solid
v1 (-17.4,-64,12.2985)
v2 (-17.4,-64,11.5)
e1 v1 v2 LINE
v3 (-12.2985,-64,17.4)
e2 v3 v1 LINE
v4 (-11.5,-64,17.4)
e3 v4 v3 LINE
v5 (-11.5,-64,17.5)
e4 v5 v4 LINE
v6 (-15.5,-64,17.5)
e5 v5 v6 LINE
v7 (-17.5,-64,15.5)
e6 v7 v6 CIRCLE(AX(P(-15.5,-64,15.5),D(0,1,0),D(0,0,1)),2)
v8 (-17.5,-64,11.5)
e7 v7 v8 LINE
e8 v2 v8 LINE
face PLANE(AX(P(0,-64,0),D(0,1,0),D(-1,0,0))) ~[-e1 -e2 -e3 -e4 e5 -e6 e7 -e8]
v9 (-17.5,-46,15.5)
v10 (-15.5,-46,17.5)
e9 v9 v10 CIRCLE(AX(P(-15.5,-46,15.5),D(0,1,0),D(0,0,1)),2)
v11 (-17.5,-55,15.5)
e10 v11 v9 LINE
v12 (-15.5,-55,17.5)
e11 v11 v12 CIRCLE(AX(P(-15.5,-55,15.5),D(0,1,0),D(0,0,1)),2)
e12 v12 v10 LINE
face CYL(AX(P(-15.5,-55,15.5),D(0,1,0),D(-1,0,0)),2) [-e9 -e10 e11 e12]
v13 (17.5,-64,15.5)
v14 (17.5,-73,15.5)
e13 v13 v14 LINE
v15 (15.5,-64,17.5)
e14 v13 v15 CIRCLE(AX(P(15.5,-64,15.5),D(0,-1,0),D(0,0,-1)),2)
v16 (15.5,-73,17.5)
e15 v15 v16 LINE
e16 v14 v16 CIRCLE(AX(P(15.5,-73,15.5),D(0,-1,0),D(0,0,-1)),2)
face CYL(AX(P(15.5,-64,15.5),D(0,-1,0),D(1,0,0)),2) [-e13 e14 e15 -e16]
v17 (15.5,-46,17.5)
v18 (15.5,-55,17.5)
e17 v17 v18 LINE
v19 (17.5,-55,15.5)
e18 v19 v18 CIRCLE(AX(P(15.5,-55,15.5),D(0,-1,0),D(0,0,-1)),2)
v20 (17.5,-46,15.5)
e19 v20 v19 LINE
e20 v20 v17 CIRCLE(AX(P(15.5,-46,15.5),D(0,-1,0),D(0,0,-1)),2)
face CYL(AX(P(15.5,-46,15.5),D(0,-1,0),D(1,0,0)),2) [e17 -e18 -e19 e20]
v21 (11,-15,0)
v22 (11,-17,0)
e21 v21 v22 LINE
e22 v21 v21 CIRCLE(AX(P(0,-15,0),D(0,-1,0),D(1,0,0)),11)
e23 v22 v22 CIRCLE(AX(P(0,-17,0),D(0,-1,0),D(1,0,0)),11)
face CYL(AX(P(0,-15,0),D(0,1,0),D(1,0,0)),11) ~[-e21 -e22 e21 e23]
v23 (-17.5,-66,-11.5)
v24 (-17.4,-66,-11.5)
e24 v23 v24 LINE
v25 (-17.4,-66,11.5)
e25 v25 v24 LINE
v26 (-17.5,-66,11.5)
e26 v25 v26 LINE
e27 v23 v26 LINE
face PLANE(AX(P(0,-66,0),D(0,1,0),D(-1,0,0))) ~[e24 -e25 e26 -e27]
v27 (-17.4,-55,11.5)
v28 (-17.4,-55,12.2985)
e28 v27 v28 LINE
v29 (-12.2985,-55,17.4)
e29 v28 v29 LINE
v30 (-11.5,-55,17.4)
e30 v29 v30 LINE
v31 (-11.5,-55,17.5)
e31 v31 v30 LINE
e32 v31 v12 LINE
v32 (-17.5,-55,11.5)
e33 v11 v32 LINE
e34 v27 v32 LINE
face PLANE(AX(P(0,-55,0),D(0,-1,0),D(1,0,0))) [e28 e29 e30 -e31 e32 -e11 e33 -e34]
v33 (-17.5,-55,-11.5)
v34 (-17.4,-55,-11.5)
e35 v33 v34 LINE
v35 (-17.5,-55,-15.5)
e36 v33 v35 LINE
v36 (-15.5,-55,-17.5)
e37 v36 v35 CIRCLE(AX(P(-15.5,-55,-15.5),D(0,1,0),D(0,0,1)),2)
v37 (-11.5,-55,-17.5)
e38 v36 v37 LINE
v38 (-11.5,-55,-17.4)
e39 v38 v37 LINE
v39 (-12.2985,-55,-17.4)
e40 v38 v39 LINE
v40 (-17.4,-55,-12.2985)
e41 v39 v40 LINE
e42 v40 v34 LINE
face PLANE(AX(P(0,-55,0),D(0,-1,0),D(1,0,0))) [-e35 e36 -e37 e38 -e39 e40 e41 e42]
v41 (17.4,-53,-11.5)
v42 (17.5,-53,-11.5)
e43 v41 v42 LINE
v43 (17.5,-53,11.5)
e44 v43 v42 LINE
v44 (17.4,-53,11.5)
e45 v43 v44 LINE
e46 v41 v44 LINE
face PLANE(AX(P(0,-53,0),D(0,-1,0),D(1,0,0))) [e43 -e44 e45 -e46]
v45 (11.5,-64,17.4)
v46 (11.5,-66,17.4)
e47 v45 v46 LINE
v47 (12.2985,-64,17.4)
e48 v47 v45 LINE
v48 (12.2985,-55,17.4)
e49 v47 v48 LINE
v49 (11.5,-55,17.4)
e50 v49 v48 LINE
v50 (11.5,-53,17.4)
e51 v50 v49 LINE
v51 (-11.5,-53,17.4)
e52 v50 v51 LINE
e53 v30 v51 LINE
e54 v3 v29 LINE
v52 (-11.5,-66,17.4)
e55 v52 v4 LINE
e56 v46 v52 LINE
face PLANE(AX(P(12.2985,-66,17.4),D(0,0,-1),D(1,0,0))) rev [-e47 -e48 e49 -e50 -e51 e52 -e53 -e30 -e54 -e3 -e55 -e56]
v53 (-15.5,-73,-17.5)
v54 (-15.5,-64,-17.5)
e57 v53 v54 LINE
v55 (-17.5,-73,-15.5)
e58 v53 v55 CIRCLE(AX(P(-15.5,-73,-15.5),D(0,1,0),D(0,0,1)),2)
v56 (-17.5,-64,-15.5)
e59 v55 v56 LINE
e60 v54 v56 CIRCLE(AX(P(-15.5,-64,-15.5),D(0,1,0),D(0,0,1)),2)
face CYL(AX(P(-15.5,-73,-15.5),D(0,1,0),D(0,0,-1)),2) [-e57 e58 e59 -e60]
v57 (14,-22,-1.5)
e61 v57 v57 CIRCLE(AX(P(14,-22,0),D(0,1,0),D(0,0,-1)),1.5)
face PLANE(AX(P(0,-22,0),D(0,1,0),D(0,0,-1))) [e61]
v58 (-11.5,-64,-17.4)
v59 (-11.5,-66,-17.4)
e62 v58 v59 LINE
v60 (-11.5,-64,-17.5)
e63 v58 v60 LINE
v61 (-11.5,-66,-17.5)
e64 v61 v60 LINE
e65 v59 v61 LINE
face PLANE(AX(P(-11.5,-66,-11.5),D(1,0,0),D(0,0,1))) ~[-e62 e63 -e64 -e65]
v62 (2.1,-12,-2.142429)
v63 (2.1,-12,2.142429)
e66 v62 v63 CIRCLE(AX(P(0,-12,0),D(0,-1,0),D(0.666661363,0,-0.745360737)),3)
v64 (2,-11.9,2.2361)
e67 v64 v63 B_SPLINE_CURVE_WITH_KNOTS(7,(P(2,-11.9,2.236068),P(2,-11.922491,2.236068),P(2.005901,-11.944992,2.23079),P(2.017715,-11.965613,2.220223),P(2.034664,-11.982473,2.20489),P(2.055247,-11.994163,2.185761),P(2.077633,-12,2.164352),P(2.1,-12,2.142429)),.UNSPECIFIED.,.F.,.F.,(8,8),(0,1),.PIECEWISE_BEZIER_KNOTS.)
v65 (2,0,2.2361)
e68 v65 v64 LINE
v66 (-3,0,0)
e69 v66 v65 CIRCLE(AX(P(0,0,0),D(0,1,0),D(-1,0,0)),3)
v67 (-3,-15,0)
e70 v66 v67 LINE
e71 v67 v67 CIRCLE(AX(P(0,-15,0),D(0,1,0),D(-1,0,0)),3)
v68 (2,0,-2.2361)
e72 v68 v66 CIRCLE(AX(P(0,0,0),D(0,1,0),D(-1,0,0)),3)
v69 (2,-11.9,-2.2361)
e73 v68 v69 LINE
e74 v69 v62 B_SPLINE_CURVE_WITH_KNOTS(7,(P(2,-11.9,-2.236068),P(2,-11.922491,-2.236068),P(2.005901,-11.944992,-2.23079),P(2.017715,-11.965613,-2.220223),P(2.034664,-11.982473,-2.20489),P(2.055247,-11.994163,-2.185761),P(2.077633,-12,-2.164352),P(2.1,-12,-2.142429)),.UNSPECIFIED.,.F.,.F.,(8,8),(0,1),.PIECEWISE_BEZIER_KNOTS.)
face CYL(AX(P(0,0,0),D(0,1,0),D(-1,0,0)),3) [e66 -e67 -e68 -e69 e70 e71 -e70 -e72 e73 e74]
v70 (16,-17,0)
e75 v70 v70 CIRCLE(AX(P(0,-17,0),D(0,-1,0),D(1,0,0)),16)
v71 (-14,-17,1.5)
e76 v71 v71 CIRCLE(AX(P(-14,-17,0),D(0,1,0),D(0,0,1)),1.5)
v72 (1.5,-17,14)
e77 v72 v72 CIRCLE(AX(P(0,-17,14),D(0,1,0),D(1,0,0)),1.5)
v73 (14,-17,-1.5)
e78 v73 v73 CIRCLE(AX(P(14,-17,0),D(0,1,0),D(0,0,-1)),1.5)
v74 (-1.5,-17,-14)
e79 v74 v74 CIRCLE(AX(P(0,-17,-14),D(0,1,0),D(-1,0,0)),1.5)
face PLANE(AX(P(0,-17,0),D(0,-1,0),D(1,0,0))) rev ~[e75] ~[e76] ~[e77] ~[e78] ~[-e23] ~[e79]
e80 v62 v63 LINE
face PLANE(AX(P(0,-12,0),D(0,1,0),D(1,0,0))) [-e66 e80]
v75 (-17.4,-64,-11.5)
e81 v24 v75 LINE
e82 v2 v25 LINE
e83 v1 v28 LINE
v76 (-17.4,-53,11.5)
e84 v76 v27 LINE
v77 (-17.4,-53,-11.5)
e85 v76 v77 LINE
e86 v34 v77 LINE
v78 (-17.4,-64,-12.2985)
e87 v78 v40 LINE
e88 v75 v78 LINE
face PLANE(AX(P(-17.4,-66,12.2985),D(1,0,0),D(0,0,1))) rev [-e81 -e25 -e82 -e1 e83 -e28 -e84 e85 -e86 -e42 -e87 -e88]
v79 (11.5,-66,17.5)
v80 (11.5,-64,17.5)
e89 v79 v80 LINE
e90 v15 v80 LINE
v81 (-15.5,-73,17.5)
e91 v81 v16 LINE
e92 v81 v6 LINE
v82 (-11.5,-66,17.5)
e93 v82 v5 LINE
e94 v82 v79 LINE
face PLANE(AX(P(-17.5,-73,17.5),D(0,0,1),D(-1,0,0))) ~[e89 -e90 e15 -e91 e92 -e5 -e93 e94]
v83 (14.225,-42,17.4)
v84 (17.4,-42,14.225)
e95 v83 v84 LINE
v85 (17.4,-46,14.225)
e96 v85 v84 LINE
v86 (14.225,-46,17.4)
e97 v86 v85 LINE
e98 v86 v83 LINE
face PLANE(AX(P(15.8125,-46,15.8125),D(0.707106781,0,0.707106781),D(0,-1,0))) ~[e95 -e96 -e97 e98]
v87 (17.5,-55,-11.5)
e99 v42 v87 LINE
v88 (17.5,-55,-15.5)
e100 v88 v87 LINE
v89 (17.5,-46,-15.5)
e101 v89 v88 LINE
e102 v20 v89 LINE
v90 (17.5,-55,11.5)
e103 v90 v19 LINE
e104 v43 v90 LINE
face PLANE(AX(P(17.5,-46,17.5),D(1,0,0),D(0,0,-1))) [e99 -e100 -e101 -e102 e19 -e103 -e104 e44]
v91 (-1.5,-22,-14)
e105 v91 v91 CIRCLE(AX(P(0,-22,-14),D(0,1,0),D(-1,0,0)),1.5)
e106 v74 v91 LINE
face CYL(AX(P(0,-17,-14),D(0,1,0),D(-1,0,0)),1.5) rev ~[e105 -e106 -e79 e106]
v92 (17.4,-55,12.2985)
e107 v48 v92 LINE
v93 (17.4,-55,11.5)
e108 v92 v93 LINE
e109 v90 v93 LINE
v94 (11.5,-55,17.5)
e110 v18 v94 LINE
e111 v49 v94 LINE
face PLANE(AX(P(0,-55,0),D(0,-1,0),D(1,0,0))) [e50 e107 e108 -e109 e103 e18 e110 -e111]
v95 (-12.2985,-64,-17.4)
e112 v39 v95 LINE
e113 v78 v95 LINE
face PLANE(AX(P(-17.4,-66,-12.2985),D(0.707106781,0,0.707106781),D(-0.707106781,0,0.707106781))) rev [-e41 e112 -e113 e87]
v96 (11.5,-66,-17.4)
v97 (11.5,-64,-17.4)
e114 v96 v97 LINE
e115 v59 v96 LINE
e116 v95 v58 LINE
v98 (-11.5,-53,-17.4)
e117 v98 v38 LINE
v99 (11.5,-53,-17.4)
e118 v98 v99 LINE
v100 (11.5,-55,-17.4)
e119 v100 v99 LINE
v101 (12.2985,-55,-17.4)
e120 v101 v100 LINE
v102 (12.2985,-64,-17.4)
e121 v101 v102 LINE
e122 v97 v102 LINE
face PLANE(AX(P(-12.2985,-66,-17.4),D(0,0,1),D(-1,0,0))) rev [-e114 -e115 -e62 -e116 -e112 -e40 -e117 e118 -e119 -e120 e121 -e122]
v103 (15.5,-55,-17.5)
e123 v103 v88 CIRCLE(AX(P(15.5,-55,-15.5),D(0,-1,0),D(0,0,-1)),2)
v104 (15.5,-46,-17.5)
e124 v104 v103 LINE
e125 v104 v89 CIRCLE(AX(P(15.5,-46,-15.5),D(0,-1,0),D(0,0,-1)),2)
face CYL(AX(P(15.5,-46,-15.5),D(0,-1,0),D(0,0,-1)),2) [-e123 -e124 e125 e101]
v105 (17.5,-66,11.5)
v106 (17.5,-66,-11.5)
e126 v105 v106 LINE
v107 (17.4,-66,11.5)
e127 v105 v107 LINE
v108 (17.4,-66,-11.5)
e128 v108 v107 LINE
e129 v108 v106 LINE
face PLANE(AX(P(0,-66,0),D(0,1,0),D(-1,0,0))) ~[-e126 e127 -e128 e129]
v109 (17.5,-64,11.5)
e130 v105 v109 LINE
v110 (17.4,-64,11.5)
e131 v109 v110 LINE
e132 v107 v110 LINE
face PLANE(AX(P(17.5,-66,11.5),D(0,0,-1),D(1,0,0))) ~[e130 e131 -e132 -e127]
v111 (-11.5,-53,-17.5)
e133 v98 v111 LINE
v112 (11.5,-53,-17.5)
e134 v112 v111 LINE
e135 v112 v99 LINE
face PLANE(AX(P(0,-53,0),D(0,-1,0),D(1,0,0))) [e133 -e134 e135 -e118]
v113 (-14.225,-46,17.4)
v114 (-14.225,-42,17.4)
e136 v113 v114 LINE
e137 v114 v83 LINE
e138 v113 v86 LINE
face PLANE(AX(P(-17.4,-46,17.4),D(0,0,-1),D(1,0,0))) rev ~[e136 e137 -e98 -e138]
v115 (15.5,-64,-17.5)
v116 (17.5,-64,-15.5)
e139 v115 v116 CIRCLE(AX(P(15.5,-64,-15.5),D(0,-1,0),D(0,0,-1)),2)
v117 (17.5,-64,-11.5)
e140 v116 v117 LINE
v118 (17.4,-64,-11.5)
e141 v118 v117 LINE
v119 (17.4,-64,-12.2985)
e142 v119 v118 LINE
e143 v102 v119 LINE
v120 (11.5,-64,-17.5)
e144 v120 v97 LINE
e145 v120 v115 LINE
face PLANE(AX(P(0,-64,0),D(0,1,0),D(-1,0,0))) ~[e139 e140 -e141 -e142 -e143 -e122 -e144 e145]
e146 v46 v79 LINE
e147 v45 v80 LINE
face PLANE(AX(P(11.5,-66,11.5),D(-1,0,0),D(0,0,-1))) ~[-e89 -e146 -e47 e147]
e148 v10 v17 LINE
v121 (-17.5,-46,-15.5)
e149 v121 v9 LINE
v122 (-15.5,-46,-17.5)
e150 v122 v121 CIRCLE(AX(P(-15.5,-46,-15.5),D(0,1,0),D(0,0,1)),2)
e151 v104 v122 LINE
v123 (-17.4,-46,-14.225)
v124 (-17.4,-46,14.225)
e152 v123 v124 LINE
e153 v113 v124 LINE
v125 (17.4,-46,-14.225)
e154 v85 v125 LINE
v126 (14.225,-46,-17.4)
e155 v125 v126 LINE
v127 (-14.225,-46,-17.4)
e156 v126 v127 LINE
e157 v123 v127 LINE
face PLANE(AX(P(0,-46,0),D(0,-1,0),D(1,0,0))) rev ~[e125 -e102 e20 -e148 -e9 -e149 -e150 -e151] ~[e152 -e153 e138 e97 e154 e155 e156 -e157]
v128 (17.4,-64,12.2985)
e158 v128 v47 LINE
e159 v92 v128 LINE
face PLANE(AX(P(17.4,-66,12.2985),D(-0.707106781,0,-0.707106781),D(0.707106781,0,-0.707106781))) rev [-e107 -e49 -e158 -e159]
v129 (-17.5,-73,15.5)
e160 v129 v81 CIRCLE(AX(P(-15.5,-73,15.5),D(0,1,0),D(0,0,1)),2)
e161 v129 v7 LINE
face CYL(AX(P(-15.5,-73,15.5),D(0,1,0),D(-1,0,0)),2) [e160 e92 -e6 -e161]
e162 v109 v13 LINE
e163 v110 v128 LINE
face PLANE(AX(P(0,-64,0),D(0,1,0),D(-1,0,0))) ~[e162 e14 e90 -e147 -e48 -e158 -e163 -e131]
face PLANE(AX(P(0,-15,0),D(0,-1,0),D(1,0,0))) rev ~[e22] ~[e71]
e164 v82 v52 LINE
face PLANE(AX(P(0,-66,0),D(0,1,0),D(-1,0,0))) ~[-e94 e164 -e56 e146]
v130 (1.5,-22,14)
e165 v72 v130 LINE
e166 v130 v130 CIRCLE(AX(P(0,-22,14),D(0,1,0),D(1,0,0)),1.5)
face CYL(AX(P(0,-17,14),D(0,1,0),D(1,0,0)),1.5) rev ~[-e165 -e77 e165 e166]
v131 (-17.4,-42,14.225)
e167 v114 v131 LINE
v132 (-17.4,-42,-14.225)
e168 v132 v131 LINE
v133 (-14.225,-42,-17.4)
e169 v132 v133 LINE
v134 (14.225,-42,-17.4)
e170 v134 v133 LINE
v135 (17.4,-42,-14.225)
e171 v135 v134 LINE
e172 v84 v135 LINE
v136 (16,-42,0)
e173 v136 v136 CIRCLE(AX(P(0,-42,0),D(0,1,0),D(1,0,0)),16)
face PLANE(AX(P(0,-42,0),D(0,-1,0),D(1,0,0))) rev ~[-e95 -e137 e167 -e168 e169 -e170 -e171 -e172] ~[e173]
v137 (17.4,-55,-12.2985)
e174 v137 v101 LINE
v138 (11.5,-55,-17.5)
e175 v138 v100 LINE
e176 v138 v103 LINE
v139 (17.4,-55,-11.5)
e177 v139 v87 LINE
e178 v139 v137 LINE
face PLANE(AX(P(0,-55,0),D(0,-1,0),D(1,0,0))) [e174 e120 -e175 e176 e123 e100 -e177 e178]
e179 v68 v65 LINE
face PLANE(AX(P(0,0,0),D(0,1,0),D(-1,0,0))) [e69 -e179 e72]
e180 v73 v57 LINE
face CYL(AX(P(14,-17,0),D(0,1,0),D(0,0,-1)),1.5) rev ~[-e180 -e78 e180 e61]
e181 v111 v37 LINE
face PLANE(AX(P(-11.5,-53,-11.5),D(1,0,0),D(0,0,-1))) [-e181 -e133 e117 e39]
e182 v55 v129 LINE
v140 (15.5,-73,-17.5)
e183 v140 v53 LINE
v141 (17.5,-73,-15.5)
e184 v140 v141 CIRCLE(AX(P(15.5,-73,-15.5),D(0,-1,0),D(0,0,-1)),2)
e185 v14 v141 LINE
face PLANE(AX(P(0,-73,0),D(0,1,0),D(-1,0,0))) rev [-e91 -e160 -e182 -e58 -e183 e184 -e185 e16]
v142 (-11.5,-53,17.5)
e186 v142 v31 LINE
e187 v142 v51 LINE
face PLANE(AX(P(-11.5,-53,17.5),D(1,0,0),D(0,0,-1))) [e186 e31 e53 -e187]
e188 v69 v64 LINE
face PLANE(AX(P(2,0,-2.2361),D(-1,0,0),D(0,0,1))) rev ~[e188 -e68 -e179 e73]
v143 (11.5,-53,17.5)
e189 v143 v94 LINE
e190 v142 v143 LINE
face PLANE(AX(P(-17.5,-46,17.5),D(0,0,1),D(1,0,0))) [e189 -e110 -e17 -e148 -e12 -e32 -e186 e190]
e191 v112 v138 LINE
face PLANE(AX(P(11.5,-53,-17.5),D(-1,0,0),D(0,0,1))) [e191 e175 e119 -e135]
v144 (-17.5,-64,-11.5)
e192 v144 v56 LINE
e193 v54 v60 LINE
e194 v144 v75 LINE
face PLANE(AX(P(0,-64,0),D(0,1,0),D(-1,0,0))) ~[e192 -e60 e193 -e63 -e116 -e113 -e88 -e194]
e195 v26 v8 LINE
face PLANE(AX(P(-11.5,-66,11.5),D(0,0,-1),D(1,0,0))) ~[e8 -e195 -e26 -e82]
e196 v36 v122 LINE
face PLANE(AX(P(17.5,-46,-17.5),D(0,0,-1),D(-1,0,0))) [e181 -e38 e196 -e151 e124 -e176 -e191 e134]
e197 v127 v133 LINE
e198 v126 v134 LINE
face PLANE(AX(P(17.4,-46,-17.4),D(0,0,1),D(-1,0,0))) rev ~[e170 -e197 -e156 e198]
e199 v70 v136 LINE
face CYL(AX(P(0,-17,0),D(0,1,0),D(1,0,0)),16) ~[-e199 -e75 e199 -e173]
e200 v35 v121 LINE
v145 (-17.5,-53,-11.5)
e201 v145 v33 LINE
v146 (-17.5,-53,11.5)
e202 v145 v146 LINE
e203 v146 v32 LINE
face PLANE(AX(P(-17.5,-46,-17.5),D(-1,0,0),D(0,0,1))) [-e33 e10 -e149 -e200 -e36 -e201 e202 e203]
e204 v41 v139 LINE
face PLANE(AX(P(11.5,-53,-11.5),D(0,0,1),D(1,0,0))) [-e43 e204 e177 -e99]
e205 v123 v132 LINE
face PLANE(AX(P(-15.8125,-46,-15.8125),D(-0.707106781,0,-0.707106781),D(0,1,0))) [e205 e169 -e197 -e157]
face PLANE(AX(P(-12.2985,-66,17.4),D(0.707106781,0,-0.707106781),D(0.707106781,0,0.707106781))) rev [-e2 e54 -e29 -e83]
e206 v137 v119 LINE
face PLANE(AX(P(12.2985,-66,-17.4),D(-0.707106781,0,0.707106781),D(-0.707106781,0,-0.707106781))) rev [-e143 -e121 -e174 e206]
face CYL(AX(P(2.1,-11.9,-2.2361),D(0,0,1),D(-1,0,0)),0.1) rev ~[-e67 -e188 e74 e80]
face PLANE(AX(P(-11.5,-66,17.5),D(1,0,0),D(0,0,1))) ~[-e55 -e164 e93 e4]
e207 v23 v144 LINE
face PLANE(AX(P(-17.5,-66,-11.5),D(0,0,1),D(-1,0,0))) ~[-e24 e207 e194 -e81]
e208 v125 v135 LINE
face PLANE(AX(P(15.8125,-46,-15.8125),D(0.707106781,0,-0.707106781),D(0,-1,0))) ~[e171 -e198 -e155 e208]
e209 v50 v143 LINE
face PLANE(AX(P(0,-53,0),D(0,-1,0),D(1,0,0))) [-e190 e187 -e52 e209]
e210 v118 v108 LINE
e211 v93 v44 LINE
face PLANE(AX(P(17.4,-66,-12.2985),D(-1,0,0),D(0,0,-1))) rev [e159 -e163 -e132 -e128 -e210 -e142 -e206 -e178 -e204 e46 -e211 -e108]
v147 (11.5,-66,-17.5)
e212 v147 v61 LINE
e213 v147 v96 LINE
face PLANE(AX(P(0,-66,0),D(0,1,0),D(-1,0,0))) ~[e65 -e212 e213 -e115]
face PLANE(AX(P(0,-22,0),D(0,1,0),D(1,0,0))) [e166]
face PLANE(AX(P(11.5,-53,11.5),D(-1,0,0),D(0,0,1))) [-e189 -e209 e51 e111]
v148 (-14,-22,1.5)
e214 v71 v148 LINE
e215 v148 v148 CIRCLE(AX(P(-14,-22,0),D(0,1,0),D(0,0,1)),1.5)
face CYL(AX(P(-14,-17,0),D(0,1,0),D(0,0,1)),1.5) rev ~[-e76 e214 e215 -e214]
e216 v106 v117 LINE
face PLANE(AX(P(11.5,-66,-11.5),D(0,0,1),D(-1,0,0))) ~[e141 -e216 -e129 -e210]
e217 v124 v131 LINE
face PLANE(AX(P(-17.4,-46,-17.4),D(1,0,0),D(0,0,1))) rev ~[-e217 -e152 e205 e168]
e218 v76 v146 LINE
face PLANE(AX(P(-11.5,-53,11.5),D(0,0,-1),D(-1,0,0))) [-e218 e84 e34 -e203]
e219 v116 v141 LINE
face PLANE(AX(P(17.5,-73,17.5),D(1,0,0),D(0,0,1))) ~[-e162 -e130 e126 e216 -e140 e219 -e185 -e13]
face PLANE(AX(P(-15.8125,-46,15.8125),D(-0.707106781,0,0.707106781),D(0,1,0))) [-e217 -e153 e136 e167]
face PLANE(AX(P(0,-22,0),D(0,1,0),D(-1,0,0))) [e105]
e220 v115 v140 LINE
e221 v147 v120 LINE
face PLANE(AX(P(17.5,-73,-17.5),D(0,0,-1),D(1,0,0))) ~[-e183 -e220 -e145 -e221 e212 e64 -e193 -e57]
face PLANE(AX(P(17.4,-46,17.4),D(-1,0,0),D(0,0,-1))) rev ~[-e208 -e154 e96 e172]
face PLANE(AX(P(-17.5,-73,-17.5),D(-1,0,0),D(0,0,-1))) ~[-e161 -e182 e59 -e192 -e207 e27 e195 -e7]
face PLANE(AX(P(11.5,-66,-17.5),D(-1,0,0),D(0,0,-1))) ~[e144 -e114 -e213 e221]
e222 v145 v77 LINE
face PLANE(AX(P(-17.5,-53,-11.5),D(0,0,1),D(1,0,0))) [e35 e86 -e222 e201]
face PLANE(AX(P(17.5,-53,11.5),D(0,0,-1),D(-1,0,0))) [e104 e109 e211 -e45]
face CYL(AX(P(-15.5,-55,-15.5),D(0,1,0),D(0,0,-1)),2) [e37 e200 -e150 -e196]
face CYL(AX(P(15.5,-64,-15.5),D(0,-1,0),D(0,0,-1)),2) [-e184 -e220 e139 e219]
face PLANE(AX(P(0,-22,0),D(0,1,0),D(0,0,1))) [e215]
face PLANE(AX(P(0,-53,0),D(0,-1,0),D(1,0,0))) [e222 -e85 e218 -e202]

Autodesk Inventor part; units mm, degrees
ref_plane "YZ Plane" through (0, 0, 0) normal (1, 0, 0) x (0, 1, 0)
ref_plane "XZ Plane" through (0, 0, 0) normal (0, 1, 0) x (-1, 0, 0)
ref_plane "XY Plane" through (0, 0, 0) normal (0, 0, 1) x (1, 0, 0)
sketch "Sketch1" plane through (0, 0, 0) normal (0, 1, 0) x (-1, 0, 0)
  circle A0 centre (0, 0) radius 3
  dimension "d0" = 6
extrude "Extrusion1" add sketch "Sketch1" against normal blind 15
sketch "Sketch2" plane through (0, -15, 0) normal (0, -1, 0) x (1, 0, 0)
  circle A0 centre (0, 0) radius 11
  dimension "d3" = 22
extrude "Extrusion2" add sketch "Sketch2" along normal blind 2
sketch "Sketch3" plane through (0, -17, 0) normal (0, -1, 0) x (1, 0, 0)
  circle A0 centre (0, 0) radius 16
  dimension "d6" = 32
extrude "Extrusion3" add sketch "Sketch3" along normal blind 29
sketch "Sketch4" plane through (0, -46, 0) normal (0, -1, 0) x (1, 0, 0)
  line L0 (-17.4, 17.4) -> (17.4, 17.4)
  line L1 (17.4, 17.4) -> (17.4, -17.4)
  line L2 (17.4, -17.4) -> (-17.4, -17.4)
  line L3 (-17.4, -17.4) -> (-17.4, 17.4)
  line L4 (-17.4, 17.4) -> (17.4, -17.4) construction
  line L5 (17.4, 17.4) -> (-17.4, -17.4) construction
  point P0 (0, 0)
  dimension "d9" = 34.8
  dimension "d10" = 34.8
extrude "Extrusion4" add sketch "Sketch4" against normal blind 4
chamfer "Chamfer1" distance 3.175 angle 45 4 edges at (17.4, -44, 17.4) (17.4, -44, -17.4) (-17.4, -44, 17.4) (-17.4, -44, -17.4)
sketch "Sketch5" plane through (0, -46, 0) normal (0, -1, 0) x (1, 0, 0)
  line L0 (17.5, -17.5) -> (-17.5, -17.5)
  line L1 (-17.5, -17.5) -> (-17.5, 17.5)
  line L2 (-17.5, 17.5) -> (17.5, 17.5)
  line L3 (17.5, 17.5) -> (17.5, -17.5)
  line L4 (17.5, -17.5) -> (-17.5, 17.5) construction
  line L5 (-17.5, -17.5) -> (17.5, 17.5) construction
  point P0 (0, 0)
  dimension "d16" = 35
  dimension "d17" = 35
extrude "Extrusion5" add sketch "Sketch5" along normal blind 7
sketch "Sketch6" plane through (0, -53, 0) normal (0, -1, 0) x (1, 0, 0)
  line L0 (-17.5, 17.5) -> (-17.5, -17.5)
  line L1 (-17.5, -17.5) -> (17.5, -17.5)
  line L2 (17.5, -17.5) -> (17.5, 17.5)
  line L3 (17.5, 17.5) -> (-17.5, 17.5)
  line L4 (11.5, 17.5) -> (17.5, 17.5)
  line L5 (17.5, 17.5) -> (17.5, 11.5)
  line L6 (17.5, 11.5) -> (11.5, 11.5)
  line L7 (11.5, 11.5) -> (11.5, 17.5)
  circle A0 centre (0, 0) radius 16
  circle A1 centre (0, 0) radius 16
  line L8 (-17.5, 17.5) -> (-11.5, 17.5)
  line L9 (-17.5, 11.5) -> (-17.5, 17.5)
  line L10 (-11.5, 11.5) -> (-17.5, 11.5)
  line L11 (-11.5, 17.5) -> (-11.5, 11.5)
  line L12 (-17.5, -17.5) -> (-17.5, -11.5)
  line L13 (-11.5, -17.5) -> (-17.5, -17.5)
  line L14 (-11.5, -11.5) -> (-11.5, -17.5)
  line L15 (-17.5, -11.5) -> (-11.5, -11.5)
  line L16 (17.5, -17.5) -> (11.5, -17.5)
  line L17 (17.5, -11.5) -> (17.5, -17.5)
  line L18 (11.5, -11.5) -> (17.5, -11.5)
  line L19 (11.5, -17.5) -> (11.5, -11.5)
  dimension "d43" = 6
  dimension "d44" = 6
  dimension "d47" = 360
extrude "Extrusion6" add sketch "Sketch6" along normal blind 2 contours L3 L11 L10 L0 | L15 L14 L1 L0 | L3 L2 L6 L7 | L19 L18 L2 L1
fillet "Fillet2" radius 2 4 edges at (17.5, -50.5, -17.5) (-17.5, -50.5, -17.5) (-17.5, -50.5, 17.5) (17.5, -50.5, 17.5)
sketch "Sketch7" plane through (0, -53, 0) normal (0, -1, 0) x (1, 0, 0)
  line L0 (-12.2985, -17.4) -> (12.2985, -17.4)
  line L1 (17.4, -12.2985) -> (17.4, 12.2985)
  line L2 (12.2985, 17.4) -> (-12.2985, 17.4)
  line L3 (-17.4, 12.2985) -> (-17.4, -12.2985)
  line L4 (-17.4, -17.4) -> (17.4, 17.4) construction
  line L5 (17.4, -17.4) -> (-17.4, 17.4) construction
  line L6 (-17.4, -12.2985) -> (-12.2985, -17.4)
  line L7 (12.2985, -17.4) -> (17.4, -12.2985)
  line L8 (17.4, 12.2985) -> (12.2985, 17.4)
  line L9 (-12.2985, 17.4) -> (-17.4, 12.2985)
  point P0 (0, 0)
  dimension "d31" = 34.8
  dimension "d32" = 34.8
  dimension "d67" = 42
  dimension "d68" = 42
extrude "Extrusion7" add sketch "Sketch7" along normal blind 6.5
mirror "Mirror1" about plane through (0, -59.5, 0) normal (0, -1, 0) of "Extrusion6", "Extrusion5", "Fillet2", "Extrusion7"
sketch "Sketch8" plane through (0, 0, 0) normal (0, 1, 0) x (1, 0, 0)
  circle A0 centre (0, 0) radius 3
  line L0 (2, 2.2361) -> (2, -2.2361)
  dimension "d50" = 2
extrude "Extrusion8" cut sketch "Sketch8" against normal blind 12 contours A0 L0 picked at (2.1409, -0.5898)
fillet "Fillet3" radius 0.1 1 edges at (2, -12, 0)
sketch "Sketch9" plane through (0, -17, 0) normal (0, 1, 0) x (1, 0, 0)
  circle A0 centre (0, 0) radius 11
  circle A1 centre (0, 0) radius 3
  line L0 (0, 0) -> (0, -14) construction
  circle A2 centre (0, -14) radius 1.5
  dimension "d54" = 14
  dimension "d55" = 3
extrude "Extrusion9" cut sketch "Sketch9" against normal blind 5 contours A2
thread "Thread1"
pattern_circular "Circular Pattern1" count 4 over 360 about axis through (0, -17, 0) along (0, -1, 0) of "Extrusion9"
properties part number "gearedstepper"
